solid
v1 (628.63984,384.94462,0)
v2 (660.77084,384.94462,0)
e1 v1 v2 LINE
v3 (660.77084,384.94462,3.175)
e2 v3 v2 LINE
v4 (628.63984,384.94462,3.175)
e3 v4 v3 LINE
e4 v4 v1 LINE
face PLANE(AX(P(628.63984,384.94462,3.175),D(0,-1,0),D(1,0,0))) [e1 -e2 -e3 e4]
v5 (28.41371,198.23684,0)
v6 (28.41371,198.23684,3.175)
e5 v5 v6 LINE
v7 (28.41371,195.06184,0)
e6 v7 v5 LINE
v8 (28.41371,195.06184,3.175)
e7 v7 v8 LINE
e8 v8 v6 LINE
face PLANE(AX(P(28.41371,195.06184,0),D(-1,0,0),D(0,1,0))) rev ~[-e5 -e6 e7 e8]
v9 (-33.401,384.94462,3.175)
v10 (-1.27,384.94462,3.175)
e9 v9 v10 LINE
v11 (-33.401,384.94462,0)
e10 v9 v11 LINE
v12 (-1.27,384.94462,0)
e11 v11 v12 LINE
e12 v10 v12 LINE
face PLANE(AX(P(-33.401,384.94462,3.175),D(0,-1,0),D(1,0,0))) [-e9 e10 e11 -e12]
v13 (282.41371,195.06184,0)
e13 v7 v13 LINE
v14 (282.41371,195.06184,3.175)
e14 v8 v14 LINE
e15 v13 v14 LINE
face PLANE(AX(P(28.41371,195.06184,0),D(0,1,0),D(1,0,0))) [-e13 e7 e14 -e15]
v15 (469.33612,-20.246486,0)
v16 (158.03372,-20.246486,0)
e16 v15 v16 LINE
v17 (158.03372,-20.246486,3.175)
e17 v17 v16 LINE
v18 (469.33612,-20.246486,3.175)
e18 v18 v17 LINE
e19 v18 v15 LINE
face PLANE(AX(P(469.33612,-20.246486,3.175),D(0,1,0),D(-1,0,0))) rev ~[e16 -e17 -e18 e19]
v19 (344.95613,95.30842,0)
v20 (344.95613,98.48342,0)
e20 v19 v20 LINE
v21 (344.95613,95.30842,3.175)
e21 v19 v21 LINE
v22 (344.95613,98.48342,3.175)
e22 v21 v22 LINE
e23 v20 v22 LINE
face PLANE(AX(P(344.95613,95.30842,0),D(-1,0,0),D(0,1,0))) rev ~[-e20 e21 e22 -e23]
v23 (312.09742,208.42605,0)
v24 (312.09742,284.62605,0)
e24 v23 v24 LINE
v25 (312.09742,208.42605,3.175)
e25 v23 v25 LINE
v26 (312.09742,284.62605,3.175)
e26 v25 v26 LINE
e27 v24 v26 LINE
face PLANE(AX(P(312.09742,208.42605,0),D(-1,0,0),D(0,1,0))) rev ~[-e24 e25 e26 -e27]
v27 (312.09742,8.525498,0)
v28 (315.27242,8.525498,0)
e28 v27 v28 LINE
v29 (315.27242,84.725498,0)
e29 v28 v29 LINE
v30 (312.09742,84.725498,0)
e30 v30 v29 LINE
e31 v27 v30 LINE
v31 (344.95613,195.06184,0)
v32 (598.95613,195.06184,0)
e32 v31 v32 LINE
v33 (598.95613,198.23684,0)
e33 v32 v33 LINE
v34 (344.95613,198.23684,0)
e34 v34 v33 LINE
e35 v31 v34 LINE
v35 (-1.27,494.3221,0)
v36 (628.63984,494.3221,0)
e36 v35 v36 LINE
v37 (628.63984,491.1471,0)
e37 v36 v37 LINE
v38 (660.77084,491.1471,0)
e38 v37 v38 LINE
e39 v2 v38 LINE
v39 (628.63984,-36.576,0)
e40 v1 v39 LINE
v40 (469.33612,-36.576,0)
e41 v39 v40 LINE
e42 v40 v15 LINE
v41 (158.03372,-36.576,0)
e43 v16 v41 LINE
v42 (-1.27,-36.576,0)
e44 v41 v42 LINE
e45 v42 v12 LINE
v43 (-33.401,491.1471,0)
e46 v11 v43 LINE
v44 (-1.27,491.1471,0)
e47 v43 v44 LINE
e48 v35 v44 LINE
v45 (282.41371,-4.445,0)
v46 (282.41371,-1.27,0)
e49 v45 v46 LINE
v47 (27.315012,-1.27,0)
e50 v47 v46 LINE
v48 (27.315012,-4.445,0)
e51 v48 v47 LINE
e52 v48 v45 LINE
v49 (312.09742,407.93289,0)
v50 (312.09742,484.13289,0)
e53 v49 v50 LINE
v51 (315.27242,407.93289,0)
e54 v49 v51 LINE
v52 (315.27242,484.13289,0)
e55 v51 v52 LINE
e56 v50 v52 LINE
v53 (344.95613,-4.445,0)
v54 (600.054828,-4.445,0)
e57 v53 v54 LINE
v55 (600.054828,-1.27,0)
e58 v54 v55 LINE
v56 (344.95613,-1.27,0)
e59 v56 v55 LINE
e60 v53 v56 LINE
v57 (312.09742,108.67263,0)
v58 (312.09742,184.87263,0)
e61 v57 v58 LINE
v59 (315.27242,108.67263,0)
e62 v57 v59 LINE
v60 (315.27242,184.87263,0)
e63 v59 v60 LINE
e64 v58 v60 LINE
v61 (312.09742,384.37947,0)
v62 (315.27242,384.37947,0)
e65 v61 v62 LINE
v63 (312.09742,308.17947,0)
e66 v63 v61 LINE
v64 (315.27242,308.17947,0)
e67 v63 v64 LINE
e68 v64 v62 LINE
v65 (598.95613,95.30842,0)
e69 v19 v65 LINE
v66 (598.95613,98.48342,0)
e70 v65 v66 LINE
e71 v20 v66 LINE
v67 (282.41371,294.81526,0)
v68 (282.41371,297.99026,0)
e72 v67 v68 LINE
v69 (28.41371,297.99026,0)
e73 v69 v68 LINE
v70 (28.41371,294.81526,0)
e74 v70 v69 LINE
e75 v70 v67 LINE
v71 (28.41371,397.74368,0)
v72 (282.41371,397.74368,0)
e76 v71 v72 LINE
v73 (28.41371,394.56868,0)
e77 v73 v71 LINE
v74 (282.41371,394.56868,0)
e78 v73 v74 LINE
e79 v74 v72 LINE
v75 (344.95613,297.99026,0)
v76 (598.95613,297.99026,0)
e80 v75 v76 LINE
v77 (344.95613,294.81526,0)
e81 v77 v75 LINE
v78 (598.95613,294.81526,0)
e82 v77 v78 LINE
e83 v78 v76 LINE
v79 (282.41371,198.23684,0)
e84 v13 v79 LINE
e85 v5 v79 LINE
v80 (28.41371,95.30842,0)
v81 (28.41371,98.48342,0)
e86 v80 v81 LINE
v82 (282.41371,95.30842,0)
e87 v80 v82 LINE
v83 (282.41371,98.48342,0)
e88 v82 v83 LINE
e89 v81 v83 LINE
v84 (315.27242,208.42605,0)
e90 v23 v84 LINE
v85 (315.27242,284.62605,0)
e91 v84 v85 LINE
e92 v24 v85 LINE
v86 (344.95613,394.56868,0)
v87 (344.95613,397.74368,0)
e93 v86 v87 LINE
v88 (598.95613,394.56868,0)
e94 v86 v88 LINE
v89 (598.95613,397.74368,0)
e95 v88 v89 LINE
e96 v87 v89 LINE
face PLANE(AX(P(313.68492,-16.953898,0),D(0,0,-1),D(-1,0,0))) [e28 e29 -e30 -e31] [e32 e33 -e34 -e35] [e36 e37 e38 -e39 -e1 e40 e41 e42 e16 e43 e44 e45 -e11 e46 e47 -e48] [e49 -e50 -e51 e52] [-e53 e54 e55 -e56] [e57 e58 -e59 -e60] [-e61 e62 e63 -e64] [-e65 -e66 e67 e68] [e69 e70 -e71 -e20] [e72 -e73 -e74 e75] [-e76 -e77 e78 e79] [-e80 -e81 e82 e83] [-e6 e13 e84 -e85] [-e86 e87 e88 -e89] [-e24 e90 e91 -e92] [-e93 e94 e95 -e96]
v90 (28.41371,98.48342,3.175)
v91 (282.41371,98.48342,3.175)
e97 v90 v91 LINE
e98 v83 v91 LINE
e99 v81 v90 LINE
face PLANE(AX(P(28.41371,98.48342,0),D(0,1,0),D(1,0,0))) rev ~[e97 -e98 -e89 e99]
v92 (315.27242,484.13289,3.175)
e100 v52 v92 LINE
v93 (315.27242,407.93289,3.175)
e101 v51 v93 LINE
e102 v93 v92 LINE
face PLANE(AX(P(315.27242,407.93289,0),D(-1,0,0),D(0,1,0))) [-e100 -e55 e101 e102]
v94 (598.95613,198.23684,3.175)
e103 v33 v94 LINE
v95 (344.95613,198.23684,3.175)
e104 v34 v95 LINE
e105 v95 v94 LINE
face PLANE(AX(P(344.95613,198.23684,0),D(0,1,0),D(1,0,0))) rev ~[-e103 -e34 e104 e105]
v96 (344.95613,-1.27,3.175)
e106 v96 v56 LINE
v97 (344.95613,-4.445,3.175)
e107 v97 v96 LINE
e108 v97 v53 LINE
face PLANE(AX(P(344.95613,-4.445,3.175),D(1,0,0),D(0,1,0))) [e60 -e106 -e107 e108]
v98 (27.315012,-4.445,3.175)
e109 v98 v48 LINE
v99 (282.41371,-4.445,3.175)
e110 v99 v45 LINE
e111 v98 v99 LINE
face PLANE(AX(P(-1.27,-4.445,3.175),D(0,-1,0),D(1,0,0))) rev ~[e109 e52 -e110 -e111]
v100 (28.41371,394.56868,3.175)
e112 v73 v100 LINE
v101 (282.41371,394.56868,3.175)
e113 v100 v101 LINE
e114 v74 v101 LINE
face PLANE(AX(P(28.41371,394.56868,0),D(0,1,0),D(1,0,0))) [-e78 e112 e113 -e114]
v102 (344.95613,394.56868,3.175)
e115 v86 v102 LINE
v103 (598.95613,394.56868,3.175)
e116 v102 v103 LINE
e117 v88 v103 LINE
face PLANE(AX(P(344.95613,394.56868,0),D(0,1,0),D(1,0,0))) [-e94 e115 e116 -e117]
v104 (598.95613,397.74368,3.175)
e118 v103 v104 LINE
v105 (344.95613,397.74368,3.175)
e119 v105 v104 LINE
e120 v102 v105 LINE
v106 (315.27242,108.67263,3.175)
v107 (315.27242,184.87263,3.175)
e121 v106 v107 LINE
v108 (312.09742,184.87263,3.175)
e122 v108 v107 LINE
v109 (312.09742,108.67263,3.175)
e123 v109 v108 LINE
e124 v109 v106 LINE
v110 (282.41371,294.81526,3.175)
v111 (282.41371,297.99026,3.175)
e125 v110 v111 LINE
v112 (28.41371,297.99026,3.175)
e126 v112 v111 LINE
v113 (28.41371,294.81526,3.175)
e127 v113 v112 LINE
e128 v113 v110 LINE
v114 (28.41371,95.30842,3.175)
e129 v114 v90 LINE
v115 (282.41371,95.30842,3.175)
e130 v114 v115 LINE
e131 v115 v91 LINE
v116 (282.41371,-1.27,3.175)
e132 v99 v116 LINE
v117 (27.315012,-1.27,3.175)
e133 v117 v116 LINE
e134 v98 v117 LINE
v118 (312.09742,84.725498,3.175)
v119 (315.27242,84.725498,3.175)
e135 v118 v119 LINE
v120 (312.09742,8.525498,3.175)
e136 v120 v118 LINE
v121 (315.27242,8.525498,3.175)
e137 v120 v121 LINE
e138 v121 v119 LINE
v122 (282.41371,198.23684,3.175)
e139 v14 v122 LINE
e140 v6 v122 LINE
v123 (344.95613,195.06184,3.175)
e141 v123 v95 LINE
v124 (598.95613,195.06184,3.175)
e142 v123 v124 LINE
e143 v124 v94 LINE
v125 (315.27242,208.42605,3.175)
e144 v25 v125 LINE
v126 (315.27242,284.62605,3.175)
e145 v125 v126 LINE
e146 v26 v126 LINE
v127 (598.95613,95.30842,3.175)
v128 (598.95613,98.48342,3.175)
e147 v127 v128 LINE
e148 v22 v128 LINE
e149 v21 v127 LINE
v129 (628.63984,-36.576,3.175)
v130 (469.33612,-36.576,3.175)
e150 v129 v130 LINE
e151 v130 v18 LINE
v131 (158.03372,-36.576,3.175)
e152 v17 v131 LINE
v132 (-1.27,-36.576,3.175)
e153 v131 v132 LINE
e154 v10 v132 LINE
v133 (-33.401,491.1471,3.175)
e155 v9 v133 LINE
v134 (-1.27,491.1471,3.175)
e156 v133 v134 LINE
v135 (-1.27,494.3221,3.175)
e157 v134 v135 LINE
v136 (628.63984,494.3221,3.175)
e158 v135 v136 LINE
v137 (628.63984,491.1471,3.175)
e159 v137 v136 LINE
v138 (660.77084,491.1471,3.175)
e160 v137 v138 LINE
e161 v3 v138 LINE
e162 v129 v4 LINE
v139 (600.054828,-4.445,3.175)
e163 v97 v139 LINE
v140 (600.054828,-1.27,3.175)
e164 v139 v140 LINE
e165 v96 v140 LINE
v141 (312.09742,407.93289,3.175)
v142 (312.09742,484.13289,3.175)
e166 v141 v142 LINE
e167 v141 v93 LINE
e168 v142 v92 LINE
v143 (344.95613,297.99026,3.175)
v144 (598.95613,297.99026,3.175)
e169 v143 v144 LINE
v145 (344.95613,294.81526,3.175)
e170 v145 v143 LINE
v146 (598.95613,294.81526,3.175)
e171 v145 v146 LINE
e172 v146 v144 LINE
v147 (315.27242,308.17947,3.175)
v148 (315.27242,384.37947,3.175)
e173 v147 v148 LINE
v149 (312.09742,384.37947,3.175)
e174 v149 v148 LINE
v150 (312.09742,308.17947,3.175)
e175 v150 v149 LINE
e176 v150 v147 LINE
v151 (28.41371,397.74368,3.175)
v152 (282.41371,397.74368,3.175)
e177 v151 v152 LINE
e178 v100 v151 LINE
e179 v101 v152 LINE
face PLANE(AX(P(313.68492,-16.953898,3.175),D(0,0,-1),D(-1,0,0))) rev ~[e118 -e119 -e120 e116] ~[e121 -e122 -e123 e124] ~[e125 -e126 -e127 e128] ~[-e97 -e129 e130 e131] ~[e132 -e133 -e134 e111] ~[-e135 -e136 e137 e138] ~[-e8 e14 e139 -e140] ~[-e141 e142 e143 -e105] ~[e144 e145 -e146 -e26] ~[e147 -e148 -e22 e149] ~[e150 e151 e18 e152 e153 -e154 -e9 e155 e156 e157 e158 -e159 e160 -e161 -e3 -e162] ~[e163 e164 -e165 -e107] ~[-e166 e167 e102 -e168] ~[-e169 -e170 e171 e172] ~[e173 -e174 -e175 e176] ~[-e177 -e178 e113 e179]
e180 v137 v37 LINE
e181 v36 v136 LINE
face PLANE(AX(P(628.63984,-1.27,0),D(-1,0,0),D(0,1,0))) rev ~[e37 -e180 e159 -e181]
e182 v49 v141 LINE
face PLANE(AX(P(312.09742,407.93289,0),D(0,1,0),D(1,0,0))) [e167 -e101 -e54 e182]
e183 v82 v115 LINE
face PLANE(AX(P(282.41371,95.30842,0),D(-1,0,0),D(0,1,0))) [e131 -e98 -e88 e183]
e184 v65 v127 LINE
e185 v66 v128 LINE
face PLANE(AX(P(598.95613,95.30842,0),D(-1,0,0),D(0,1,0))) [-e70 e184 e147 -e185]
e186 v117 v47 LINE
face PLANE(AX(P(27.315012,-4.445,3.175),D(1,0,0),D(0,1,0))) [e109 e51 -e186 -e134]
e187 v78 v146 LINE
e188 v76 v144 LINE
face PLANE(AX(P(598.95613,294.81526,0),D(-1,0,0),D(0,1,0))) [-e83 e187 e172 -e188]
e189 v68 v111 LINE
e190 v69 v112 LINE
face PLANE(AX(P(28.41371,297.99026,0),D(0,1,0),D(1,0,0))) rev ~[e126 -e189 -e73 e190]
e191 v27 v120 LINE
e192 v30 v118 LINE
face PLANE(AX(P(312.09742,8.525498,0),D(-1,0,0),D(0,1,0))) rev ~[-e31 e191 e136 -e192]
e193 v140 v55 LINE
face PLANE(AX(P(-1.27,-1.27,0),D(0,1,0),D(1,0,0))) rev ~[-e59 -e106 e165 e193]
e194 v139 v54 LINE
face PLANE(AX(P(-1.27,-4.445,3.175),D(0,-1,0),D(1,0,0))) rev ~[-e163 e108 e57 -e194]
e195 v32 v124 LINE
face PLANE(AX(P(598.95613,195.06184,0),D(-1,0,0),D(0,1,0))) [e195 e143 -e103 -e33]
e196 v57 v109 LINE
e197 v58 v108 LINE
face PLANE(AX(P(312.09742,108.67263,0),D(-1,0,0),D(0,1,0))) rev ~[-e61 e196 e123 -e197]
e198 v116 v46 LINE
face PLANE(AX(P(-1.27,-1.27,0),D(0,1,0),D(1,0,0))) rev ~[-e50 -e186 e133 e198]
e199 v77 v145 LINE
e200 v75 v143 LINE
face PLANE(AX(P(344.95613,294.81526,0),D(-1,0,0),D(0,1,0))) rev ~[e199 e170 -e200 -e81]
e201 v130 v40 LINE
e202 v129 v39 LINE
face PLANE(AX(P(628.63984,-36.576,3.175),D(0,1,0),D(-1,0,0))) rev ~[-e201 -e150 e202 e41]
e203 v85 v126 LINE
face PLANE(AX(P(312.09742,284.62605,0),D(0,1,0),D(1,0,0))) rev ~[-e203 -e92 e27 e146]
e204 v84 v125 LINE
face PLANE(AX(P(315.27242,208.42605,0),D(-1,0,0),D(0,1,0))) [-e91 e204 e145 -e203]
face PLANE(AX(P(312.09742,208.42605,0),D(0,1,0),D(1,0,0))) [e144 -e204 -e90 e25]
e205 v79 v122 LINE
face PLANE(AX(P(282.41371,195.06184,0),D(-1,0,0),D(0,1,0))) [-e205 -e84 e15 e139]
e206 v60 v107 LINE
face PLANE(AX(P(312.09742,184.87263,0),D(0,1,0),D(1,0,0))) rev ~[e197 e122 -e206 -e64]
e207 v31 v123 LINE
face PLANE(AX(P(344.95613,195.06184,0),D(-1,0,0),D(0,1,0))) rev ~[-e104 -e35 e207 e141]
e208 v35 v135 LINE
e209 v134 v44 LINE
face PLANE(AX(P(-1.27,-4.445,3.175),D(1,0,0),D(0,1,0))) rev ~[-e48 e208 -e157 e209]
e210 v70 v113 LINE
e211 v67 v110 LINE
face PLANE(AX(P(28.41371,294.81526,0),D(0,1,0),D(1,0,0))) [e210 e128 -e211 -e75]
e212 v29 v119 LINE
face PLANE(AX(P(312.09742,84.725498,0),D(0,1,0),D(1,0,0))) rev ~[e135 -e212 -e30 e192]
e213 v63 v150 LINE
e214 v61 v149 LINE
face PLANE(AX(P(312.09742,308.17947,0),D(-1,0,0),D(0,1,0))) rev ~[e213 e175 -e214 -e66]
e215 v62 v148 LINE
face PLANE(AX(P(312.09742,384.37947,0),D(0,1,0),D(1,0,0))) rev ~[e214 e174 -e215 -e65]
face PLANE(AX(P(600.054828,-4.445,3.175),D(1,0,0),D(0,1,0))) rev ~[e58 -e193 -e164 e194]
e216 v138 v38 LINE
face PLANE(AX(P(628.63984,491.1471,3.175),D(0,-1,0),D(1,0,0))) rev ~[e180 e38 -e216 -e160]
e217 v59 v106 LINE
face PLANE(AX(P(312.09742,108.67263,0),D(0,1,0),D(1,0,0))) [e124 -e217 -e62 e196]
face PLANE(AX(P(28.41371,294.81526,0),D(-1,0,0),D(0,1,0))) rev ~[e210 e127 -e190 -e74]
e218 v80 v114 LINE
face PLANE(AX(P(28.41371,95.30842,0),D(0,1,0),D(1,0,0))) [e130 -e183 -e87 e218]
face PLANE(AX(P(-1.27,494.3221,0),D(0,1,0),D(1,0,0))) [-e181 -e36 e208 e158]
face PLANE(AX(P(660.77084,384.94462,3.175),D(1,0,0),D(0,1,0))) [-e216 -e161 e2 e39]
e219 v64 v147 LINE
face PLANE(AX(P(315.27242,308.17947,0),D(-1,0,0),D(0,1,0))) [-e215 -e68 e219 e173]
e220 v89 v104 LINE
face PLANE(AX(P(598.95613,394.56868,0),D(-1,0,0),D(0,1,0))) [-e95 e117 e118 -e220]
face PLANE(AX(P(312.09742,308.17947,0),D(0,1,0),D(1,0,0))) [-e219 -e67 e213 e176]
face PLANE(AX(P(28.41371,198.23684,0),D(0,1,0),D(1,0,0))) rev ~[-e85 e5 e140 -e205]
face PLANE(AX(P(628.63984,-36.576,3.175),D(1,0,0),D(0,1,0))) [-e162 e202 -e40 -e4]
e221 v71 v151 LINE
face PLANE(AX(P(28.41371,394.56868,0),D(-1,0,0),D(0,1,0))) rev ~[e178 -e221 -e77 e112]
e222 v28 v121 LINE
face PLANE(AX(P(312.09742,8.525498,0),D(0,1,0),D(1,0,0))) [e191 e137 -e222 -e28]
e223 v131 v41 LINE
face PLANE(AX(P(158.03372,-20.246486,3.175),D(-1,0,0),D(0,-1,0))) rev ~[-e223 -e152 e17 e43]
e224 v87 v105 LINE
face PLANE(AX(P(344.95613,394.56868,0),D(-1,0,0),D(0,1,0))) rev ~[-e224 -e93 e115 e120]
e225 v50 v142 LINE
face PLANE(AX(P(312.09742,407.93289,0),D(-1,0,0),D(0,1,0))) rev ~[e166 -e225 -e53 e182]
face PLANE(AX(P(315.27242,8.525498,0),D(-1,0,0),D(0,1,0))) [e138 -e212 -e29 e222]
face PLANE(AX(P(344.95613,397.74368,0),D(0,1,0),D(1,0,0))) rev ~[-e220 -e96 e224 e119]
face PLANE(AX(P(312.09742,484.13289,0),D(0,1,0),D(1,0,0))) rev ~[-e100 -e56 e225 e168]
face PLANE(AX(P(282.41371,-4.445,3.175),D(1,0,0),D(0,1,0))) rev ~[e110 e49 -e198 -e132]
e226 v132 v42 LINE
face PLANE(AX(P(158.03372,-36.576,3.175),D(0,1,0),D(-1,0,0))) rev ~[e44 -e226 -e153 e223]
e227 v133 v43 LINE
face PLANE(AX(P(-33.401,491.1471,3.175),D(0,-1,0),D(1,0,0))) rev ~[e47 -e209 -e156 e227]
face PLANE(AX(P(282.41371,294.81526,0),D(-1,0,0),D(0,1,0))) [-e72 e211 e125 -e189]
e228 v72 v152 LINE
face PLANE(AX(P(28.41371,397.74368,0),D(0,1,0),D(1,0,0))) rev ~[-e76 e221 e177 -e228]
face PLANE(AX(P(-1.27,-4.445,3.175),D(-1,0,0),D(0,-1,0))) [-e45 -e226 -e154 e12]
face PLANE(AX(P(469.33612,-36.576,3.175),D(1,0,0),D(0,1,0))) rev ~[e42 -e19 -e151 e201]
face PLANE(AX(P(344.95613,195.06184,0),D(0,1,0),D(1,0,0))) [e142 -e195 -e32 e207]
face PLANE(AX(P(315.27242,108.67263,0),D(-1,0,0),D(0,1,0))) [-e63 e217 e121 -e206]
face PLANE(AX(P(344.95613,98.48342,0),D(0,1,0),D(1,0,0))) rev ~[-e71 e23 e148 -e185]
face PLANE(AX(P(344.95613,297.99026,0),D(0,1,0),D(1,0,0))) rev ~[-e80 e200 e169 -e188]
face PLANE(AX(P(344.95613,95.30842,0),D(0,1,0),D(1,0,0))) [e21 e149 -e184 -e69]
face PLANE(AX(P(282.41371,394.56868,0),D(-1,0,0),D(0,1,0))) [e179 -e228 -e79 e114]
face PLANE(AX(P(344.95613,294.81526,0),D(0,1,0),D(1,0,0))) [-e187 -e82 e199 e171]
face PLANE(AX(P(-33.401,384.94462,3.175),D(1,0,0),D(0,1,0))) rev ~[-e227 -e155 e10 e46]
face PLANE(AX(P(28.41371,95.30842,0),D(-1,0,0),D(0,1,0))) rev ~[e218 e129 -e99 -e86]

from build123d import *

# Parameters (mm, degrees)
SKETCH2_W           = 629.90984
SKETCH2_H           = 495.5921
SKETCH2_W_2         = 254
SKETCH2_H_2         = 3.175
SKETCH2_W_3         = 3.175
SKETCH2_H_3         = 76.2
BOSS_EXTRUDE1_DEPTH = 3.175
SKETCH4_W           = 28.585012188
SKETCH4_H           = 3.175
SKETCH4_W_2         = 62.54242
BOSS_EXTRUDE2_DEPTH = 3.175
SKETCH5_W           = 32.131
SKETCH5_H           = 106.20248
BOSS_EXTRUDE3_DEPTH = 3.175


with BuildPart() as part:
    # Sketch2 → Boss-Extrude1 (new body)
    with BuildSketch(Plane.XY):
        with Locations((313.68492, 246.52605)):
            Rectangle(SKETCH2_W, SKETCH2_H)
        with Locations((155.41371, 96.89592)):
            Rectangle(SKETCH2_W_2, SKETCH2_H_2, mode=Mode.SUBTRACT)
        with Locations((155.41371, 196.64934)):
            Rectangle(SKETCH2_W_2, SKETCH2_H_2, mode=Mode.SUBTRACT)
        with Locations((155.41371, 296.40276)):
            Rectangle(SKETCH2_W_2, SKETCH2_H_2, mode=Mode.SUBTRACT)
        with Locations((155.41371, 396.15618)):
            Rectangle(SKETCH2_W_2, SKETCH2_H_2, mode=Mode.SUBTRACT)
        with Locations((471.95613, 96.89592)):
            Rectangle(SKETCH2_W_2, SKETCH2_H_2, mode=Mode.SUBTRACT)
        with Locations((471.95613, 196.64934)):
            Rectangle(SKETCH2_W_2, SKETCH2_H_2, mode=Mode.SUBTRACT)
        with Locations((471.95613, 396.15618)):
            Rectangle(SKETCH2_W_2, SKETCH2_H_2, mode=Mode.SUBTRACT)
        with Locations((471.95613, 296.40276)):
            Rectangle(SKETCH2_W_2, SKETCH2_H_2, mode=Mode.SUBTRACT)
        with Locations((313.68492, 46.625498166)):
            Rectangle(SKETCH2_W_3, SKETCH2_H_3, mode=Mode.SUBTRACT)
        with Locations((313.68492, 146.77263)):
            Rectangle(SKETCH2_W_3, SKETCH2_H_3, mode=Mode.SUBTRACT)
        with Locations((313.68492, 246.52605)):
            Rectangle(SKETCH2_W_3, SKETCH2_H_3, mode=Mode.SUBTRACT)
        with Locations((313.68492, 346.27947)):
            Rectangle(SKETCH2_W_3, SKETCH2_H_3, mode=Mode.SUBTRACT)
        with Locations((313.68492, 446.03289)):
            Rectangle(SKETCH2_W_3, SKETCH2_H_3, mode=Mode.SUBTRACT)
    extrude(amount=BOSS_EXTRUDE1_DEPTH)

    # Sketch4 → Boss-Extrude2 (add, through all)
    with BuildSketch(Plane.XY.offset(3.175)):
        with Locations((13.022506094, -2.8575)):
            Rectangle(SKETCH4_W, SKETCH4_H)
        with Locations((614.347333906, -2.8575)):
            Rectangle(SKETCH4_W, SKETCH4_H)
        with Locations((313.68492, -2.8575)):
            Rectangle(SKETCH4_W_2, SKETCH4_H)
    extrude(amount=-BOSS_EXTRUDE2_DEPTH)

    # Sketch5 → Boss-Extrude3 (add, through all)
    with BuildSketch(Plane.XY.offset(3.175)):
        Polygon((158.03372, -20.246485543), (158.03372, -36.576), (-1.27, -36.576), (-1.27, -7.62), (-1.27, -4.445), (628.63984, -4.445), (628.63984, -7.62), (628.63984, -36.576), (469.33612, -36.576), (469.33612, -20.246485543), align=None)
        with Locations((644.70534, 438.04586)):
            Rectangle(SKETCH5_W, SKETCH5_H)
        with Locations((-17.3355, 438.04586)):
            Rectangle(SKETCH5_W, SKETCH5_H)
    extrude(amount=-BOSS_EXTRUDE3_DEPTH)


solid = part.part
